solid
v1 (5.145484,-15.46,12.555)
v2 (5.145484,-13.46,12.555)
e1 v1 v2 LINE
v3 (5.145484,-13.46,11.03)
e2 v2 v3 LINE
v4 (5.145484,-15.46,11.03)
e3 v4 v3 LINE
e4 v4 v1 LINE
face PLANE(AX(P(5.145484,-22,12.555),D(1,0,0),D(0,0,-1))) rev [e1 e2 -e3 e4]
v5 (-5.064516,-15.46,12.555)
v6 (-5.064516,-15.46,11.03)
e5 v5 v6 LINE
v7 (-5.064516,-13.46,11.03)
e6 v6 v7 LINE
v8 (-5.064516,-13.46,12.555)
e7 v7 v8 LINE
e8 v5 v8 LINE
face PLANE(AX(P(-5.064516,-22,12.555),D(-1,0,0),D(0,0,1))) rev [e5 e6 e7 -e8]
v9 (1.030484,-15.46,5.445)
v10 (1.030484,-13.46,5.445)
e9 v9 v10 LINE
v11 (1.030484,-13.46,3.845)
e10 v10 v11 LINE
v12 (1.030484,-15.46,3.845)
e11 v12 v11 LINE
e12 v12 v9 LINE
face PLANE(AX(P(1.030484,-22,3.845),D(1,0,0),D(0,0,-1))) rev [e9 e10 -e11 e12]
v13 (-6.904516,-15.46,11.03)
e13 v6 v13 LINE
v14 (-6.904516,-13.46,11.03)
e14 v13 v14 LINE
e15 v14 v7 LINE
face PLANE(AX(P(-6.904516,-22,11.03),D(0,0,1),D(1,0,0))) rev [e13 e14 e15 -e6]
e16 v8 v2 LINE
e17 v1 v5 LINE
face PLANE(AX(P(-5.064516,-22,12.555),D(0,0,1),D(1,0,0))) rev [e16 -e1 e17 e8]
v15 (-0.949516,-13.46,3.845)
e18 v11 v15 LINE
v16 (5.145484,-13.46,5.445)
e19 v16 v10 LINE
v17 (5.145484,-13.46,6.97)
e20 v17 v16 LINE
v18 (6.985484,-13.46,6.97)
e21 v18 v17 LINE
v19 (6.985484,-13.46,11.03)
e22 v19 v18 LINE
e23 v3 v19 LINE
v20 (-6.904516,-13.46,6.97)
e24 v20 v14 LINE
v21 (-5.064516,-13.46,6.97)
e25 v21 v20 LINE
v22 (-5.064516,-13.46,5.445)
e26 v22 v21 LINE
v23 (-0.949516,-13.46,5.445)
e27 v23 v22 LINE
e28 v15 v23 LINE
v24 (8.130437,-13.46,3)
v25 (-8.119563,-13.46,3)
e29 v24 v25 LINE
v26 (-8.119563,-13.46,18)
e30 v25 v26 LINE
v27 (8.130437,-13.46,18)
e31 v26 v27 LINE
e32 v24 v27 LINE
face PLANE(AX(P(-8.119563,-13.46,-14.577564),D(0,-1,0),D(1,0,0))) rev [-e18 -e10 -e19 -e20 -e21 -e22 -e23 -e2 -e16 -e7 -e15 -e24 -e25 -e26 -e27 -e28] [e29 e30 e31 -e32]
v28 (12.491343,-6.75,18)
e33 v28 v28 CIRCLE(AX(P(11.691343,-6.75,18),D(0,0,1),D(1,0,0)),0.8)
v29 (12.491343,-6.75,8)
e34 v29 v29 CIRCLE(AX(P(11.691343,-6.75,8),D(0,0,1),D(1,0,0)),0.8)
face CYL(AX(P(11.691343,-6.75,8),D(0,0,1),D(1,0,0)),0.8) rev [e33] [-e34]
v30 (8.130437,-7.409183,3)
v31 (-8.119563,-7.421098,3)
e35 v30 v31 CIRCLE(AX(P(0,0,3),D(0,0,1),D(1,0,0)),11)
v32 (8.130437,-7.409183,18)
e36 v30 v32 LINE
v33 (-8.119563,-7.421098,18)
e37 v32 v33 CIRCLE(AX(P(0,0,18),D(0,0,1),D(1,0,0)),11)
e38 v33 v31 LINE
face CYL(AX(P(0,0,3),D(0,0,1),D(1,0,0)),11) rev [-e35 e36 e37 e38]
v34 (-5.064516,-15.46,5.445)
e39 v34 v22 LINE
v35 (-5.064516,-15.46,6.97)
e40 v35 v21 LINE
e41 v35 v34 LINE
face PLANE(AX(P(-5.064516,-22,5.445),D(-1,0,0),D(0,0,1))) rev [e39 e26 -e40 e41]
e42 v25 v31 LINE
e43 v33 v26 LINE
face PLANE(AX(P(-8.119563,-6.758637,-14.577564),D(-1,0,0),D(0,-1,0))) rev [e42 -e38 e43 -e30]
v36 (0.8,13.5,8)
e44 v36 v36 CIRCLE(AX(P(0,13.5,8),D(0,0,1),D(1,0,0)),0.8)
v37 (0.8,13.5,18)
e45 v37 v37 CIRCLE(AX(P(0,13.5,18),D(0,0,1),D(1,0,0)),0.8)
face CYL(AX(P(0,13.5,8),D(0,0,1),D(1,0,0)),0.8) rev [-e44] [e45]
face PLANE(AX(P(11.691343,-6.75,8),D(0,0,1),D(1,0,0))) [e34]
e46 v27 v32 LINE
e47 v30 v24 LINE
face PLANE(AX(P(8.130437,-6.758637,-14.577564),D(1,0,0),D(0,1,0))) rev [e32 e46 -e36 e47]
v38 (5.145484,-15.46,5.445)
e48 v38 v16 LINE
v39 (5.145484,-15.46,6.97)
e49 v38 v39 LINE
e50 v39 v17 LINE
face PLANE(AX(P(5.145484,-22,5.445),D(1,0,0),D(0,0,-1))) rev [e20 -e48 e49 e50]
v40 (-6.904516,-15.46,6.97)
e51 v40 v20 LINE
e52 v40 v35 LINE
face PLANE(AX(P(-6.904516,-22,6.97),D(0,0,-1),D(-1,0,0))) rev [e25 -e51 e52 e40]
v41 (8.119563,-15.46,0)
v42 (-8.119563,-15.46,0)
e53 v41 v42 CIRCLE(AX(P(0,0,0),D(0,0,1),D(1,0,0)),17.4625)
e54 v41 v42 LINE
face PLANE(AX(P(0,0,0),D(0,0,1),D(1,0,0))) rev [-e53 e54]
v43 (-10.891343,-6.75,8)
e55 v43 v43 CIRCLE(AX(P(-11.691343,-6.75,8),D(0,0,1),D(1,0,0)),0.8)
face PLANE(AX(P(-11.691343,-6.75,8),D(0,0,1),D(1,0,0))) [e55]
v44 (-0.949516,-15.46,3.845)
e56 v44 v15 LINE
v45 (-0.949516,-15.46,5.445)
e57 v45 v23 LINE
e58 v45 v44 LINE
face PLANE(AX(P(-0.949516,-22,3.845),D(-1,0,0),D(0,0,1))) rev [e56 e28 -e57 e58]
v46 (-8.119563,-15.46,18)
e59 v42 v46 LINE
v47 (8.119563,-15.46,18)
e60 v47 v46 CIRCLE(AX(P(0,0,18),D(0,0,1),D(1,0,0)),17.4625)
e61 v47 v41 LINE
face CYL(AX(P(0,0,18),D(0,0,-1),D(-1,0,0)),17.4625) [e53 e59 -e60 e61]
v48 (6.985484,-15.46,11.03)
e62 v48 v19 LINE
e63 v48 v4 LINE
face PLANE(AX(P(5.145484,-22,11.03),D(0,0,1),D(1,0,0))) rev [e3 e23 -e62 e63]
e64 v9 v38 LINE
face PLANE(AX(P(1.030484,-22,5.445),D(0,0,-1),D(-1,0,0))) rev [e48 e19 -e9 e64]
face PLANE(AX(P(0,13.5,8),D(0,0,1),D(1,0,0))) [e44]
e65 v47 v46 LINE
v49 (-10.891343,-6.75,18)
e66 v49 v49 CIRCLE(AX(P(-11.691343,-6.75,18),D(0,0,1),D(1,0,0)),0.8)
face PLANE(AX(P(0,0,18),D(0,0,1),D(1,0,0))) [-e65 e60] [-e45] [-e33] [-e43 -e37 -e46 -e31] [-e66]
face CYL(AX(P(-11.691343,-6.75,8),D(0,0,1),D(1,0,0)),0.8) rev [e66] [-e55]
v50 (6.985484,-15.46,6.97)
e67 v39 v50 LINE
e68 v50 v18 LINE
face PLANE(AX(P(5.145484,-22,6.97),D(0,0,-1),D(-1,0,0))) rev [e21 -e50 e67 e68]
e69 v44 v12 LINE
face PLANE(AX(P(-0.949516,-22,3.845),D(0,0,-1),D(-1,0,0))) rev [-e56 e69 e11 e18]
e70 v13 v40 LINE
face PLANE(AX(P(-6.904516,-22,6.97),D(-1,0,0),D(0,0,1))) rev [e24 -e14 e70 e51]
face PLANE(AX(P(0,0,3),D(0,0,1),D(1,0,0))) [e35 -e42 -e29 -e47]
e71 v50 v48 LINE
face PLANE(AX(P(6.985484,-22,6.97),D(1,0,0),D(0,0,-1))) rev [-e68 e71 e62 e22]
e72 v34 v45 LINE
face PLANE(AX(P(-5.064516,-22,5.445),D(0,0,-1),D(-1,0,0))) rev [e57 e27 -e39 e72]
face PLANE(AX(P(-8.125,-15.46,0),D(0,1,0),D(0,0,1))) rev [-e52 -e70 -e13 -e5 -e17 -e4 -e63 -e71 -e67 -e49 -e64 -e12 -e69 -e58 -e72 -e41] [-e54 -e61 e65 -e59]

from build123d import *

# Parameters (mm, degrees)
SKETCH2_R           = 17.4625
BOSS_EXTRUDE1_DEPTH = 18
SKETCH13_R          = 0.8
CUT_EXTRUDE6_DEPTH  = 10
SKETCH16_R          = 11
CUT_EXTRUDE9_DEPTH  = 15
CUT_EXTRUDE11_DEPTH = 22
SKETCH21_W          = 16.25
SKETCH21_H          = 2.78436417
CUT_EXTRUDE12_DEPTH = 31.559414466
CUT_EXTRUDE13_REACH = 32.559
SKETCH24_W          = 16.25
SKETCH24_H          = 6.70136321


with BuildPart() as part:
    # Sketch2 → Boss-Extrude1 (new body)
    with BuildSketch(Plane.XY):
        Circle(SKETCH2_R)
    extrude(amount=BOSS_EXTRUDE1_DEPTH)

    # Sketch13 → Cut-Extrude6 (cut)
    with BuildSketch(Plane.XY.offset(18)):
        with Locations((0, 13.5)):
            Circle(SKETCH13_R)
        with Locations((11.691342951, -6.75)):
            Circle(SKETCH13_R)
        with Locations((-11.691342951, -6.75)):
            Circle(SKETCH13_R)
    extrude(amount=-CUT_EXTRUDE6_DEPTH, mode=Mode.SUBTRACT)

    # Sketch16 → Cut-Extrude9 (cut)
    with BuildSketch(Plane.XY.offset(18)):
        Circle(SKETCH16_R)
    extrude(amount=-CUT_EXTRUDE9_DEPTH, mode=Mode.SUBTRACT)

    # Sketch20 → Cut-Extrude11 (cut)
    with BuildSketch(Plane(origin=(5.95728493, 0, -11.08430825), x_dir=(0, 0, 1), z_dir=(0, 1, 0))):
        Polygon((16.52930825, -11.021800725), (16.52930825, -6.906800725), (14.92930825, -6.906800725), (14.92930825, -4.926800725), (16.52930825, -4.926800725), (16.52930825, -0.811800725), (18.05430825, -0.811800725), (18.05430825, 1.028199275), (22.11430825, 1.028199275), (22.11430825, -0.811800725), (23.63930825, -0.811800725), (23.63930825, -11.021800725), (22.11430825, -11.021800725), (22.11430825, -12.861800725), (18.05430825, -12.861800725), (18.05430825, -11.021800725), align=None)
    extrude(amount=-CUT_EXTRUDE11_DEPTH, mode=Mode.SUBTRACT)

    # Sketch21 → Cut-Extrude12 (cut, through all)
    with BuildSketch(Plane.XY.offset(18)):
        with Locations((0, -16.852182085)):
            Rectangle(SKETCH21_W, SKETCH21_H)
    extrude(amount=-CUT_EXTRUDE12_DEPTH, mode=Mode.SUBTRACT)

    # Cut-Extrude13: up to this face of the body (flat: up to its plane)
    cut_extrude13_end = Plane(part.part.faces().sort_by_distance((0, 0, 3))[0])
    # Sketch24 → Cut-Extrude13 (cut, up to the picked face)
    with BuildSketch(Plane.XY.offset(18), mode=Mode.PRIVATE) as cut_extrude13_sk1:
        with Locations((0.005436819, -10.109318395)):
            Rectangle(SKETCH24_W, SKETCH24_H)
    cut_extrude13_tool1 = split(extrude(cut_extrude13_sk1.sketch, amount=-CUT_EXTRUDE13_REACH, mode=Mode.PRIVATE), bisect_by=cut_extrude13_end, keep=Keep.BOTH, mode=Mode.PRIVATE)
    add(cut_extrude13_tool1.solids().sort_by(Axis((0.005437, -10.109318, 18), (0, 0, -1)))[0], mode=Mode.SUBTRACT)


solid = part.part
